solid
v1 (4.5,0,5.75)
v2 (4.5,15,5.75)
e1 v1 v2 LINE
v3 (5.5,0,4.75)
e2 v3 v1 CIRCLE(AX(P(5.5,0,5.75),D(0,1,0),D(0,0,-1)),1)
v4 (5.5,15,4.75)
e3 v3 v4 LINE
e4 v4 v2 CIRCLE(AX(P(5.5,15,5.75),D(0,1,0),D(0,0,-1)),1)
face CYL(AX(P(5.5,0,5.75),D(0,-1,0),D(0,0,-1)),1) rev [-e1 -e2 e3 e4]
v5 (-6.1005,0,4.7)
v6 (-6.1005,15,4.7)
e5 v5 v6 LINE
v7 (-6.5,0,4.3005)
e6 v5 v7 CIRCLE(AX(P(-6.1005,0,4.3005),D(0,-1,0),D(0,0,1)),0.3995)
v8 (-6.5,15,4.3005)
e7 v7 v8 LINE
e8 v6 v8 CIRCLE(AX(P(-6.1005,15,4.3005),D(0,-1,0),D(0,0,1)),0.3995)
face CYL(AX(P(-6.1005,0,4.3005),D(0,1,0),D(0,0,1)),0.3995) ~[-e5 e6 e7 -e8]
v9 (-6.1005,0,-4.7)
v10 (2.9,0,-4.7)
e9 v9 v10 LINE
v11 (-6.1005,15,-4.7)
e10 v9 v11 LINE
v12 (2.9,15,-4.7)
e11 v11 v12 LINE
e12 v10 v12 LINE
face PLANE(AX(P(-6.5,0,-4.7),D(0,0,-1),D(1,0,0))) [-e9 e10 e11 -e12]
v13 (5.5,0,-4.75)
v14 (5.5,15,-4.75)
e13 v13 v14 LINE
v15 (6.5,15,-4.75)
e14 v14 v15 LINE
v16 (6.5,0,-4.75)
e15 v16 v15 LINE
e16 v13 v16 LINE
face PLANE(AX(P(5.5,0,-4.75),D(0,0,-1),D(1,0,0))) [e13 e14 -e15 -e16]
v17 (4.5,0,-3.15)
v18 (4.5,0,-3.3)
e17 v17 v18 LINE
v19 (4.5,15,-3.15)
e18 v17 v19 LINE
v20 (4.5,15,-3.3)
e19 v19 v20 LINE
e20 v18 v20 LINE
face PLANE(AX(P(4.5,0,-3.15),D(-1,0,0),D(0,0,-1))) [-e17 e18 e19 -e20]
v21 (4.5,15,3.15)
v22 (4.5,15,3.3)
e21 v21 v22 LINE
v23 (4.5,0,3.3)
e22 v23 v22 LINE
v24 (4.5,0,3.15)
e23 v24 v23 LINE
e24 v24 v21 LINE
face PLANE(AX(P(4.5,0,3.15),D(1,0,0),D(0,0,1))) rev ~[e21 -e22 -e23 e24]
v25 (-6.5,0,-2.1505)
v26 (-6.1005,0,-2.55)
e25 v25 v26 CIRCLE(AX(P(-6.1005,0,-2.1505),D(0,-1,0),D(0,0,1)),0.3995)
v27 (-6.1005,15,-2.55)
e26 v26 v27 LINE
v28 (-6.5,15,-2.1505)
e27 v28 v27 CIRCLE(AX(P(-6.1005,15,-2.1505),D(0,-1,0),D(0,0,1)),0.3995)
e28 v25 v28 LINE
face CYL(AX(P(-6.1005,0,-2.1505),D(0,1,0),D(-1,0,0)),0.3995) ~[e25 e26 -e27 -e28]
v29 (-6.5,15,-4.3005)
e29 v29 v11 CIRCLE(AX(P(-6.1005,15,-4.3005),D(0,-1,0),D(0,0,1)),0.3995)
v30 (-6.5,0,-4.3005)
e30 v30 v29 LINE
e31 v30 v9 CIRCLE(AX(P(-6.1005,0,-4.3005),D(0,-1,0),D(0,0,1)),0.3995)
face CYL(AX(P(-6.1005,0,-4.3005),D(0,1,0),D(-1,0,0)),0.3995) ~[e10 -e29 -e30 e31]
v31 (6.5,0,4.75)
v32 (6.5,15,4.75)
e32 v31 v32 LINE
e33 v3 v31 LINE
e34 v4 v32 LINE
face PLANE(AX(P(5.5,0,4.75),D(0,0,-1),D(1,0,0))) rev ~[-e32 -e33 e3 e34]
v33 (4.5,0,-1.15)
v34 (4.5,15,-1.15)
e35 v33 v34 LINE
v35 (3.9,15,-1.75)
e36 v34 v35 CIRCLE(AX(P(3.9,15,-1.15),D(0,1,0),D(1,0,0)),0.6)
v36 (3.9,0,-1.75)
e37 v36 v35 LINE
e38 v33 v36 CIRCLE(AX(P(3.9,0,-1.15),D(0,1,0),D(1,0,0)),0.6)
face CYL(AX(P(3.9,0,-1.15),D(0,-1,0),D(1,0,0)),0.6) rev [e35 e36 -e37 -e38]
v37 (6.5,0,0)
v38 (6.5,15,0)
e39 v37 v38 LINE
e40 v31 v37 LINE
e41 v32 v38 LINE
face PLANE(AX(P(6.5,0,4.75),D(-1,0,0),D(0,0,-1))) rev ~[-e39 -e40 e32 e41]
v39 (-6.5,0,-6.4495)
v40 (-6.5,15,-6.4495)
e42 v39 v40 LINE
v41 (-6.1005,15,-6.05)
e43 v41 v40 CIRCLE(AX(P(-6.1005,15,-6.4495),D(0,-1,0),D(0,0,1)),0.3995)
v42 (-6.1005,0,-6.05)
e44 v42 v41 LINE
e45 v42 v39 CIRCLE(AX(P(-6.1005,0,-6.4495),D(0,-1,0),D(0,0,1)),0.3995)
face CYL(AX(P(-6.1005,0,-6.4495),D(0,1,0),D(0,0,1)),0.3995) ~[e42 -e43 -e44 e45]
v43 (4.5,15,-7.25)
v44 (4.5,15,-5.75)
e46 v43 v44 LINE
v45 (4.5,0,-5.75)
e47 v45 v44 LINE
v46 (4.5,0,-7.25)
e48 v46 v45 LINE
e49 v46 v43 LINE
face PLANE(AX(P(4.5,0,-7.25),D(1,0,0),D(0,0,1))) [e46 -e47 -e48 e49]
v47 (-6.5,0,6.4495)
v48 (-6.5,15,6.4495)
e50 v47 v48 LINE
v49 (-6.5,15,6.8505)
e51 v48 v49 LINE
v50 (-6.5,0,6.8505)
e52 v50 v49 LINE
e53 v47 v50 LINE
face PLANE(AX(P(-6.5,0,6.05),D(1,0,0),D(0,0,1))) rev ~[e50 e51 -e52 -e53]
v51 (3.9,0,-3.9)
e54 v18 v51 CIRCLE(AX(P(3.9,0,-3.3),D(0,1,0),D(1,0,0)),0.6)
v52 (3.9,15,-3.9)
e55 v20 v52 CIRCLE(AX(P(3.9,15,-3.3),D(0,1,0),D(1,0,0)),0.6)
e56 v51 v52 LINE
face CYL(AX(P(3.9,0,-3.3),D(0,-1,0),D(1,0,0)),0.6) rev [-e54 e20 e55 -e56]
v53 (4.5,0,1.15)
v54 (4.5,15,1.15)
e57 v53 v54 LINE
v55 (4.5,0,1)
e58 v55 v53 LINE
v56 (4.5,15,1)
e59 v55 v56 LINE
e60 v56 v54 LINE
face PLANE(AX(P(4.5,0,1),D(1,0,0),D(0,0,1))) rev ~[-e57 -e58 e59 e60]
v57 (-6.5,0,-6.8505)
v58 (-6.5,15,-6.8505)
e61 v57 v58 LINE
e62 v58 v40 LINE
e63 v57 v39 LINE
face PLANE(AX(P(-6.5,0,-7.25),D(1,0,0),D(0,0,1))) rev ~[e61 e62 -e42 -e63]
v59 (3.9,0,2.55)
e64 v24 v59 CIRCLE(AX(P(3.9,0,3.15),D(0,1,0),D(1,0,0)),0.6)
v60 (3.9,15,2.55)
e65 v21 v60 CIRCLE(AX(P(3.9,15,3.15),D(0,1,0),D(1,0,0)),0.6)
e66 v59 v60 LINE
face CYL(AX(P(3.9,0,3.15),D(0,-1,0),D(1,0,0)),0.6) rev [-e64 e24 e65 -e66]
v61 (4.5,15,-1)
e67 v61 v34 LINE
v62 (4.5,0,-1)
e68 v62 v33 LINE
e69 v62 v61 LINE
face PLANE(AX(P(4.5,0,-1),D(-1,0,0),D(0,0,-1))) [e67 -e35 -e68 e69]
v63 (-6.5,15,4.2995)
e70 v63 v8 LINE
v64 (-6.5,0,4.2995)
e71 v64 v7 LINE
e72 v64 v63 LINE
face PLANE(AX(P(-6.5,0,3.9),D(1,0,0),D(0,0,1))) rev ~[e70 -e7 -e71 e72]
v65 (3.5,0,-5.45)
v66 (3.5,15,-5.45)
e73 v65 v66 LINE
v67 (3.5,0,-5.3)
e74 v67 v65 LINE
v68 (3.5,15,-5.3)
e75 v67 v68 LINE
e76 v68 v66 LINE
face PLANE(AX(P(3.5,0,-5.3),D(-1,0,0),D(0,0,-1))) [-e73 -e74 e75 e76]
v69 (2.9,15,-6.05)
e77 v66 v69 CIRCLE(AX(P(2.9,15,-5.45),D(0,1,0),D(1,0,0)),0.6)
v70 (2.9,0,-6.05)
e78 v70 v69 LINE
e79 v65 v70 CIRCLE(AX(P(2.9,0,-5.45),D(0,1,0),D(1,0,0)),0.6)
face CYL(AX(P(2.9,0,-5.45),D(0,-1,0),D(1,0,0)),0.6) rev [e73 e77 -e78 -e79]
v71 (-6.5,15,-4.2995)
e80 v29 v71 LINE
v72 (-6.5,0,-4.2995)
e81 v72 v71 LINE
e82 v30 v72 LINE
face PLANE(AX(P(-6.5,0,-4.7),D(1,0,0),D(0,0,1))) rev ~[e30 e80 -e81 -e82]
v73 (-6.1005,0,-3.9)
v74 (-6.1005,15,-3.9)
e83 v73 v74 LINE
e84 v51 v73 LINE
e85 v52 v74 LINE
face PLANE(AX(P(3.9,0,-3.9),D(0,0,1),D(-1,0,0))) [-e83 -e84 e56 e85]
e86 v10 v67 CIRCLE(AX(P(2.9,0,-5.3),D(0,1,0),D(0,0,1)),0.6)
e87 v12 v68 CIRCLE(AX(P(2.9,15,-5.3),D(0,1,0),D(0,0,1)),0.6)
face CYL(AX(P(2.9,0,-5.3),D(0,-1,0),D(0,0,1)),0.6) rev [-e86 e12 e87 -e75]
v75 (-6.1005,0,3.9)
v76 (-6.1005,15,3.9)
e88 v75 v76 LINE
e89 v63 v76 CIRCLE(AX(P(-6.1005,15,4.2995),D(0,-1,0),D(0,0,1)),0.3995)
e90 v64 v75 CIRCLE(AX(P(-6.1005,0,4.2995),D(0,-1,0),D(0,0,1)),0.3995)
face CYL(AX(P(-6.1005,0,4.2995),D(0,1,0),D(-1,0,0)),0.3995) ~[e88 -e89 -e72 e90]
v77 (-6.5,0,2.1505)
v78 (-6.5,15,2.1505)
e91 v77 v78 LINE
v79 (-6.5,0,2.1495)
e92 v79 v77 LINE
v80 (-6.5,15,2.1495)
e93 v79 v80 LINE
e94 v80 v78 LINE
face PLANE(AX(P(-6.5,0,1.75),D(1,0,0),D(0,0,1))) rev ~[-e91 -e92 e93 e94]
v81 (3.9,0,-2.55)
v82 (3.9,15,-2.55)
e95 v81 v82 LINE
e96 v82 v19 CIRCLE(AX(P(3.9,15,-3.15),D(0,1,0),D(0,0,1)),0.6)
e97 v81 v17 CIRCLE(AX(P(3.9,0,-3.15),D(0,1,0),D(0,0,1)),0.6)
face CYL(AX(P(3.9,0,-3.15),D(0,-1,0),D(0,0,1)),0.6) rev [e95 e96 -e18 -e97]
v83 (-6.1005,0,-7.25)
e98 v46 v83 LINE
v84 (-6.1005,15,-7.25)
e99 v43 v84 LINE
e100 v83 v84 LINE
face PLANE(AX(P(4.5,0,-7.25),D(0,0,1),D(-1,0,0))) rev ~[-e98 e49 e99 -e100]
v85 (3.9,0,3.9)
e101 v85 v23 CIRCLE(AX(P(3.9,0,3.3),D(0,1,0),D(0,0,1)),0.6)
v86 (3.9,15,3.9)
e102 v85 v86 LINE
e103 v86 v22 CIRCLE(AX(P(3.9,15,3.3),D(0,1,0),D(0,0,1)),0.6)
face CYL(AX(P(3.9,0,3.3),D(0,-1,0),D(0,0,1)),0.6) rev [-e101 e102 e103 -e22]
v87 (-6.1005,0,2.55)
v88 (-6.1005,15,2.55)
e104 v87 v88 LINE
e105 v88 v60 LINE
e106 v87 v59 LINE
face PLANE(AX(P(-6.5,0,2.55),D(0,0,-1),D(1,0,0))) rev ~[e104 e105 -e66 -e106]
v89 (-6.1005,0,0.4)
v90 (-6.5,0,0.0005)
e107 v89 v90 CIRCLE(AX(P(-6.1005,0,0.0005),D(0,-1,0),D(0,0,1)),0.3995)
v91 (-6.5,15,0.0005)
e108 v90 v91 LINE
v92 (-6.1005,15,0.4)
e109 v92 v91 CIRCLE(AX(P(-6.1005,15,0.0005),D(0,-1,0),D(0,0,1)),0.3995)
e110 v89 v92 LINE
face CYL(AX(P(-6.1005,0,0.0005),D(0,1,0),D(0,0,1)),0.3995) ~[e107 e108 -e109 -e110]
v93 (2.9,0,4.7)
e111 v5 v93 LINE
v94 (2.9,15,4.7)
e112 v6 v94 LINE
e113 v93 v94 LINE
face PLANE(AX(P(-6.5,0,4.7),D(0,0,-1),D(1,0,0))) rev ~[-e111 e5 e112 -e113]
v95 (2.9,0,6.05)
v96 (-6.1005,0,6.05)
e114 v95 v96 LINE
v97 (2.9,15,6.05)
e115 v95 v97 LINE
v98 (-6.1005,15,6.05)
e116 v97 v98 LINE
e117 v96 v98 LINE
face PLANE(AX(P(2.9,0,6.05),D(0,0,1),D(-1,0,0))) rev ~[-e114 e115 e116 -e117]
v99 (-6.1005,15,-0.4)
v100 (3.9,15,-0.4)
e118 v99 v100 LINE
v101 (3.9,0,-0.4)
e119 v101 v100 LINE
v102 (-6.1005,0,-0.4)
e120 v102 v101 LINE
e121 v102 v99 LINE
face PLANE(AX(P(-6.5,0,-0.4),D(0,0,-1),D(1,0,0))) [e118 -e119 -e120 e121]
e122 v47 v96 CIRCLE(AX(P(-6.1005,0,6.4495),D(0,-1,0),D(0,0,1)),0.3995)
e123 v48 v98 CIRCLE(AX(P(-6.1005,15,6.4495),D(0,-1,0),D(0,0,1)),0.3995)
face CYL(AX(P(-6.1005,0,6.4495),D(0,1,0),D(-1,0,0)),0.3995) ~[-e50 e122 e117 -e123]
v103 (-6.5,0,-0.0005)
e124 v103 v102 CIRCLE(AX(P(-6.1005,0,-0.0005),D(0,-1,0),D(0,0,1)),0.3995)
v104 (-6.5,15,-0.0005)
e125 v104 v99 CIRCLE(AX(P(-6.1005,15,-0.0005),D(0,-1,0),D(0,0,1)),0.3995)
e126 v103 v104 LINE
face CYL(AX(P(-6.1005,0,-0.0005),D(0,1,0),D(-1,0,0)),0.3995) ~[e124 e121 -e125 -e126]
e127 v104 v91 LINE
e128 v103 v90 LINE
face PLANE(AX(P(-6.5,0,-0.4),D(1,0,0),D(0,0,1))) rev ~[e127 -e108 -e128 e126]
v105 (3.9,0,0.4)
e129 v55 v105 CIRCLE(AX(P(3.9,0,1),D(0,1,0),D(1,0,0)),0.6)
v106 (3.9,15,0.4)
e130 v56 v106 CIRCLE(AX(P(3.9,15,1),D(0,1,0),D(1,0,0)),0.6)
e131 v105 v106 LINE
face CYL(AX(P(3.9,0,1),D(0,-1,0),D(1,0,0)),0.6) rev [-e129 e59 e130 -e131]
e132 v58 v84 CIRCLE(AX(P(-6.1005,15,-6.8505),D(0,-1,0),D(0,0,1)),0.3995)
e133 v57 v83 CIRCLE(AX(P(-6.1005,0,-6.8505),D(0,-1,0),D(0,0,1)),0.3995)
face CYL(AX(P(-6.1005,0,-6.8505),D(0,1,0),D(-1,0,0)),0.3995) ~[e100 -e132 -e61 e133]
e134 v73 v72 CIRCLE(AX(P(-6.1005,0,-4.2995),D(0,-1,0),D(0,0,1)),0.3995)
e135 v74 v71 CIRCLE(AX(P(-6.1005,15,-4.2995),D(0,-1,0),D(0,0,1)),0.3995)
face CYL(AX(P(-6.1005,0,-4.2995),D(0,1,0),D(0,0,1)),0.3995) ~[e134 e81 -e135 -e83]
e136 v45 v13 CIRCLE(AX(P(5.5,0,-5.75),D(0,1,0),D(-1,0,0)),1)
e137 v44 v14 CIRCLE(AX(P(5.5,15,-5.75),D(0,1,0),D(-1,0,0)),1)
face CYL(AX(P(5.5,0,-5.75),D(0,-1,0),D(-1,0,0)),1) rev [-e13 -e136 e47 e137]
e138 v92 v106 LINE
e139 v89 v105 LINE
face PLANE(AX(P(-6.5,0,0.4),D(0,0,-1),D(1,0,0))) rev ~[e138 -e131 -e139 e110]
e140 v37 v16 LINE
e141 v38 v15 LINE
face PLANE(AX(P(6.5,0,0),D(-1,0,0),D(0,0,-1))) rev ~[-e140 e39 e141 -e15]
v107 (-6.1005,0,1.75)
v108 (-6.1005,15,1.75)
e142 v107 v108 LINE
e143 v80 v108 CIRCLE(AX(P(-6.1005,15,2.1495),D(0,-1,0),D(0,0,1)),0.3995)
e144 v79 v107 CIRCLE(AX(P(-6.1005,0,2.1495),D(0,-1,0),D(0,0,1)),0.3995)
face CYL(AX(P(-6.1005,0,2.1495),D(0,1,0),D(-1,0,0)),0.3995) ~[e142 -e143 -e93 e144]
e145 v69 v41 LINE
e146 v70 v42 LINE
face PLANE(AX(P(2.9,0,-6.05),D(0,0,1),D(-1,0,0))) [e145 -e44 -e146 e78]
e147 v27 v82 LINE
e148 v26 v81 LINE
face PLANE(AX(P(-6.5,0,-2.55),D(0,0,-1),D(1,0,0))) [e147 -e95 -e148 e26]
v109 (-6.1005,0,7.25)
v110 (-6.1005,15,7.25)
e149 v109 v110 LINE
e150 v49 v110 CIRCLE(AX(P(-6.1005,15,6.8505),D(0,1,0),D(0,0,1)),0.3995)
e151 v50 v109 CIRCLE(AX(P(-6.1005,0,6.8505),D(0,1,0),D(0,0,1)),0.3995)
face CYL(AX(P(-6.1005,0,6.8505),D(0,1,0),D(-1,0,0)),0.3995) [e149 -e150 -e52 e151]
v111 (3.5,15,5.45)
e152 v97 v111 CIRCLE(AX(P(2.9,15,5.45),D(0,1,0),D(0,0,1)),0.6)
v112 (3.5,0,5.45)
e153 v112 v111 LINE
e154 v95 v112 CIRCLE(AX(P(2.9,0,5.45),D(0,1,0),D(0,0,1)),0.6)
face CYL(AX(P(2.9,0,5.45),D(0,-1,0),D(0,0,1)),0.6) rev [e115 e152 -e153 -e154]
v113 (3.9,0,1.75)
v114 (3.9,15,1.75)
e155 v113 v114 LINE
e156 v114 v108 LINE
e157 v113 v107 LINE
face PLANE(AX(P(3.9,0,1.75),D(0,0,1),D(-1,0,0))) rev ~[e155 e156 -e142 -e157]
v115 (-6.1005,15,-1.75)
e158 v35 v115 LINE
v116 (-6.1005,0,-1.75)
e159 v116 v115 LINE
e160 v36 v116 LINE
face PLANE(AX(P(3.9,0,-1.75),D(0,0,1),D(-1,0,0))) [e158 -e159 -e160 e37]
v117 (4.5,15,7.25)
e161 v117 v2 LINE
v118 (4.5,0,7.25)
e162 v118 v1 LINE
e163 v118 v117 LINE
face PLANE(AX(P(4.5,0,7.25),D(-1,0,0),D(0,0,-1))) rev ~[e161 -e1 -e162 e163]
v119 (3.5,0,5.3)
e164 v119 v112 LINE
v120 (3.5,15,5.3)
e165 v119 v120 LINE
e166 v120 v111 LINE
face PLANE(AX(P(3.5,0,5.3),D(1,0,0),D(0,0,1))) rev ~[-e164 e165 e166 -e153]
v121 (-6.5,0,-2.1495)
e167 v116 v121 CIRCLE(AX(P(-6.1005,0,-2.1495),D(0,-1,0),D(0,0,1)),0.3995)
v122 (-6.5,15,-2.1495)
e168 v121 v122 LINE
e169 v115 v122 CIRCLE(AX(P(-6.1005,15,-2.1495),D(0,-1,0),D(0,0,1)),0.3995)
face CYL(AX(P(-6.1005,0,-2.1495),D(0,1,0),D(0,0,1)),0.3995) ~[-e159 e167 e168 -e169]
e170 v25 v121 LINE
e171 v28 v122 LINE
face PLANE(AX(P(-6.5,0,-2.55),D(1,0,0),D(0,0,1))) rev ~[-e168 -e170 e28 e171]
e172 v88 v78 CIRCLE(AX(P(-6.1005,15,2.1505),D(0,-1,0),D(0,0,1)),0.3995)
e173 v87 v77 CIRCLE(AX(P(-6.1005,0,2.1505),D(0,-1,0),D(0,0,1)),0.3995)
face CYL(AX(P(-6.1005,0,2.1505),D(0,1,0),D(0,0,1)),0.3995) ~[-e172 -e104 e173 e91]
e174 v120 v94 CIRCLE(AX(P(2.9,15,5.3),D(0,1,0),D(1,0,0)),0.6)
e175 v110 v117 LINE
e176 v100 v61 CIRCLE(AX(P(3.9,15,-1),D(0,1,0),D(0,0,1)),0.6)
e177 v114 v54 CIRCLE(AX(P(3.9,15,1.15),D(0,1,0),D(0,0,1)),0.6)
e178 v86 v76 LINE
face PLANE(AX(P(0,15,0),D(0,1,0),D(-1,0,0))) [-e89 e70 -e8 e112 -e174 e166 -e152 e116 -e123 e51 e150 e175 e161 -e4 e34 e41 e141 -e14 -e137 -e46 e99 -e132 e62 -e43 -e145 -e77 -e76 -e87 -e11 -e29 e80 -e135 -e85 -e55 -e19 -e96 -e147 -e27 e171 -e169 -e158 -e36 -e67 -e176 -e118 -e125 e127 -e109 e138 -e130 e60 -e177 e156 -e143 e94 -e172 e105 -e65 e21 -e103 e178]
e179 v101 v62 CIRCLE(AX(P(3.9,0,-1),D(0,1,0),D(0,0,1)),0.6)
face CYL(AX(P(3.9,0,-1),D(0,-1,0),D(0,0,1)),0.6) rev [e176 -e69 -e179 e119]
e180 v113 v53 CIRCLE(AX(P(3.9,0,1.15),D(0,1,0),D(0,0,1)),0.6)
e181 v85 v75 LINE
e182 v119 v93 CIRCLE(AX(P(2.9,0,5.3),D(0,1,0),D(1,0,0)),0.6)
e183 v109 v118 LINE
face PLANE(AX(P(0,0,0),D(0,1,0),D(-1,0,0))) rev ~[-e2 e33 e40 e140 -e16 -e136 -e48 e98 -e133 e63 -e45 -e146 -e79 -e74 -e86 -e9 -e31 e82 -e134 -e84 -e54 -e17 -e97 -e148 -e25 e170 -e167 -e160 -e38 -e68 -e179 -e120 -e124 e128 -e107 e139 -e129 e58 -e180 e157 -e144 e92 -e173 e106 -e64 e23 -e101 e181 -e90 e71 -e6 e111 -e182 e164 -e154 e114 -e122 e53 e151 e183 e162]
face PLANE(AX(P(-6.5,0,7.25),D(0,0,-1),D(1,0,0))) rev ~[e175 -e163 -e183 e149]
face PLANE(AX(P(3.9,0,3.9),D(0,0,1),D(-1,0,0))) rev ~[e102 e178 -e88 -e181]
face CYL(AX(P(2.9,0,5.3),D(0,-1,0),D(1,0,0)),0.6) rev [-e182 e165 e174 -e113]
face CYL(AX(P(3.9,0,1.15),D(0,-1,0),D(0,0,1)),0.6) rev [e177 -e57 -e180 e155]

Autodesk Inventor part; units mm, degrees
ref_plane "YZ Plane" through (0, 0, 0) normal (1, 0, 0) x (0, 1, 0)
ref_plane "XZ Plane" through (0, 0, 0) normal (0, 1, 0) x (-1, 0, 0)
ref_plane "XY Plane" through (0, 0, 0) normal (0, 0, 1) x (1, 0, 0)
sketch "Skizze1" plane through (0, 0, 0) normal (0, 1, 0) x (-1, 0, 0)
  line L0 (6.5, 7.25) -> (-6.5, 7.25)
  line L1 (-6.5, 7.25) -> (-6.5, -7.25)
  line L2 (-6.5, -7.25) -> (6.5, -7.25)
  line L3 (6.5, -7.25) -> (6.5, 7.25)
  line L4 (6.5, 7.25) -> (-6.5, -7.25) construction
  line L5 (-6.5, 7.25) -> (6.5, -7.25) construction
  line L6 (-6.5, -7.25) -> (-4.5, -7.25)
  line L7 (-4.5, -7.25) -> (-4.5, -5.75)
  line L8 (-5.5, -4.75) -> (-6.5, -4.75)
  line L9 (-6.5, -4.75) -> (-6.5, -7.25)
  arc A0 (-4.5, -5.75) -> (-5.5, -4.75) centre (-5.5, -5.75) ccw
  line L10 (-6.5, 0) -> (-5.3357, 0)
  line L11 (6.5, -4.7) -> (-2.9, -4.7)
  line L12 (-3.5, -5.3) -> (-3.5, -5.45)
  line L13 (-2.9, -6.05) -> (6.5, -6.05)
  line L14 (6.5, -6.05) -> (6.5, -4.7)
  line L15 (6.5, -2.55) -> (-3.9, -2.55)
  line L16 (-4.5, -3.15) -> (-4.5, -3.3)
  line L17 (-3.9, -3.9) -> (6.5, -3.9)
  line L18 (6.5, -3.9) -> (6.5, -2.55)
  line L19 (6.5, -0.4) -> (-3.9, -0.4)
  line L20 (-4.5, -1) -> (-4.5, -1.15)
  line L21 (-3.9, -1.75) -> (6.5, -1.75)
  line L22 (6.5, -1.75) -> (6.5, -0.4)
  line L23 (-4.5, 7.25) -> (-4.5, 5.75)
  line L24 (-5.5, 4.75) -> (-6.5, 4.75)
  arc A1 (-5.5, 4.75) -> (-4.5, 5.75) centre (-5.5, 5.75) ccw
  line L25 (6.5, 4.7) -> (-2.9, 4.7)
  line L26 (-3.5, 5.3) -> (-3.5, 5.45)
  line L27 (-2.9, 6.05) -> (6.5, 6.05)
  line L28 (6.5, 2.55) -> (-3.9, 2.55)
  line L29 (-4.5, 3.15) -> (-4.5, 3.3)
  line L30 (-3.9, 3.9) -> (6.5, 3.9)
  line L31 (6.5, 0.4) -> (-3.9, 0.4)
  line L32 (-4.5, 1) -> (-4.5, 1.15)
  line L33 (-3.9, 1.75) -> (6.5, 1.75)
  arc A2 (-2.9, 6.05) -> (-3.5, 5.45) centre (-2.9, 5.45) ccw
  arc A3 (-3.5, 5.3) -> (-2.9, 4.7) centre (-2.9, 5.3) ccw
  arc A4 (-3.9, 3.9) -> (-4.5, 3.3) centre (-3.9, 3.3) ccw
  arc A5 (-4.5, 3.15) -> (-3.9, 2.55) centre (-3.9, 3.15) ccw
  arc A6 (-3.9, 1.75) -> (-4.5, 1.15) centre (-3.9, 1.15) ccw
  arc A7 (-4.5, 1) -> (-3.9, 0.4) centre (-3.9, 1) ccw
  arc A8 (-3.9, -0.4) -> (-4.5, -1) centre (-3.9, -1) ccw
  arc A9 (-4.5, -1.15) -> (-3.9, -1.75) centre (-3.9, -1.15) ccw
  arc A10 (-3.9, -2.55) -> (-4.5, -3.15) centre (-3.9, -3.15) ccw
  arc A11 (-4.5, -3.3) -> (-3.9, -3.9) centre (-3.9, -3.3) ccw
  arc A12 (-2.9, -4.7) -> (-3.5, -5.3) centre (-2.9, -5.3) ccw
  arc A13 (-3.5, -5.45) -> (-2.9, -6.05) centre (-2.9, -5.45) ccw
  point P0 (0, 0)
  point P1 (-4.5, -4.75)
  point P2 (-3.5, -6.05)
  point P3 (-3.5, -4.7)
  point P4 (-4.5, -3.9)
  point P5 (-4.5, -2.55)
  point P6 (-4.5, -1.75)
  point P7 (-4.5, -0.4)
  point P8 (-3.5, 6.05)
  point P9 (-3.5, 4.7)
  point P10 (-4.5, 3.9)
  point P11 (-4.5, 2.55)
  point P12 (-4.5, 1.75)
  point P13 (-4.5, 0.4)
  point P14 (6.5, -3.9)
  point P15 (6.5, -1.75)
  point P16 (6.5, 1.75)
  dimension "d0" = 13
  dimension "d1" = 14.5
  dimension "d2" = 2
  dimension "d3" = 2.5
  dimension "d4" = 1
  dimension "d5" = 10
  dimension "d6" = 1.35
  dimension "d7" = 11
  dimension "d8" = 1.35
  dimension "d9" = 1.2
  dimension "d10" = 0.8
  dimension "d11" = 11
  dimension "d12" = 1.35
  dimension "d13" = 0.8
  dimension "d14" = 0.8
  dimension "d15" = 0.6
extrude "Extrusion1" add sketch "Skizze1" along normal blind 15 contours L3 L27 A2 L26 A3 L25 L30 A4 L29 A5 L28 L33 A6 L32 A7 L31 L19 A8 L20 A9 L21 L15 A10 L16 A11 L17 L11 A12 L12 A13 L13 L2 L7 A0 L8 L1 L24 A1 L23 L0
fillet "Rundung1" radius 0.4 14 edges at (-6.5, 7.5, 4.7) (-6.5, 7.5, 3.9) (-6.5, 7.5, 2.55) (-6.5, 7.5, 1.75) (-6.5, 7.5, 0.4) (-6.5, 7.5, -0.4) (-6.5, 7.5, -1.75) (-6.5, 7.5, -2.55) (-6.5, 7.5, -3.9) (-6.5, 7.5, -4.7) (-6.5, 7.5, 7.25) (-6.5, 7.5, 6.05) (-6.5, 7.5, -6.05) (-6.5, 7.5, -7.25)
equation "\"d6\" = d8"
equation "\"d13\" = d10"
properties part number "Heatsink5160Pro"
